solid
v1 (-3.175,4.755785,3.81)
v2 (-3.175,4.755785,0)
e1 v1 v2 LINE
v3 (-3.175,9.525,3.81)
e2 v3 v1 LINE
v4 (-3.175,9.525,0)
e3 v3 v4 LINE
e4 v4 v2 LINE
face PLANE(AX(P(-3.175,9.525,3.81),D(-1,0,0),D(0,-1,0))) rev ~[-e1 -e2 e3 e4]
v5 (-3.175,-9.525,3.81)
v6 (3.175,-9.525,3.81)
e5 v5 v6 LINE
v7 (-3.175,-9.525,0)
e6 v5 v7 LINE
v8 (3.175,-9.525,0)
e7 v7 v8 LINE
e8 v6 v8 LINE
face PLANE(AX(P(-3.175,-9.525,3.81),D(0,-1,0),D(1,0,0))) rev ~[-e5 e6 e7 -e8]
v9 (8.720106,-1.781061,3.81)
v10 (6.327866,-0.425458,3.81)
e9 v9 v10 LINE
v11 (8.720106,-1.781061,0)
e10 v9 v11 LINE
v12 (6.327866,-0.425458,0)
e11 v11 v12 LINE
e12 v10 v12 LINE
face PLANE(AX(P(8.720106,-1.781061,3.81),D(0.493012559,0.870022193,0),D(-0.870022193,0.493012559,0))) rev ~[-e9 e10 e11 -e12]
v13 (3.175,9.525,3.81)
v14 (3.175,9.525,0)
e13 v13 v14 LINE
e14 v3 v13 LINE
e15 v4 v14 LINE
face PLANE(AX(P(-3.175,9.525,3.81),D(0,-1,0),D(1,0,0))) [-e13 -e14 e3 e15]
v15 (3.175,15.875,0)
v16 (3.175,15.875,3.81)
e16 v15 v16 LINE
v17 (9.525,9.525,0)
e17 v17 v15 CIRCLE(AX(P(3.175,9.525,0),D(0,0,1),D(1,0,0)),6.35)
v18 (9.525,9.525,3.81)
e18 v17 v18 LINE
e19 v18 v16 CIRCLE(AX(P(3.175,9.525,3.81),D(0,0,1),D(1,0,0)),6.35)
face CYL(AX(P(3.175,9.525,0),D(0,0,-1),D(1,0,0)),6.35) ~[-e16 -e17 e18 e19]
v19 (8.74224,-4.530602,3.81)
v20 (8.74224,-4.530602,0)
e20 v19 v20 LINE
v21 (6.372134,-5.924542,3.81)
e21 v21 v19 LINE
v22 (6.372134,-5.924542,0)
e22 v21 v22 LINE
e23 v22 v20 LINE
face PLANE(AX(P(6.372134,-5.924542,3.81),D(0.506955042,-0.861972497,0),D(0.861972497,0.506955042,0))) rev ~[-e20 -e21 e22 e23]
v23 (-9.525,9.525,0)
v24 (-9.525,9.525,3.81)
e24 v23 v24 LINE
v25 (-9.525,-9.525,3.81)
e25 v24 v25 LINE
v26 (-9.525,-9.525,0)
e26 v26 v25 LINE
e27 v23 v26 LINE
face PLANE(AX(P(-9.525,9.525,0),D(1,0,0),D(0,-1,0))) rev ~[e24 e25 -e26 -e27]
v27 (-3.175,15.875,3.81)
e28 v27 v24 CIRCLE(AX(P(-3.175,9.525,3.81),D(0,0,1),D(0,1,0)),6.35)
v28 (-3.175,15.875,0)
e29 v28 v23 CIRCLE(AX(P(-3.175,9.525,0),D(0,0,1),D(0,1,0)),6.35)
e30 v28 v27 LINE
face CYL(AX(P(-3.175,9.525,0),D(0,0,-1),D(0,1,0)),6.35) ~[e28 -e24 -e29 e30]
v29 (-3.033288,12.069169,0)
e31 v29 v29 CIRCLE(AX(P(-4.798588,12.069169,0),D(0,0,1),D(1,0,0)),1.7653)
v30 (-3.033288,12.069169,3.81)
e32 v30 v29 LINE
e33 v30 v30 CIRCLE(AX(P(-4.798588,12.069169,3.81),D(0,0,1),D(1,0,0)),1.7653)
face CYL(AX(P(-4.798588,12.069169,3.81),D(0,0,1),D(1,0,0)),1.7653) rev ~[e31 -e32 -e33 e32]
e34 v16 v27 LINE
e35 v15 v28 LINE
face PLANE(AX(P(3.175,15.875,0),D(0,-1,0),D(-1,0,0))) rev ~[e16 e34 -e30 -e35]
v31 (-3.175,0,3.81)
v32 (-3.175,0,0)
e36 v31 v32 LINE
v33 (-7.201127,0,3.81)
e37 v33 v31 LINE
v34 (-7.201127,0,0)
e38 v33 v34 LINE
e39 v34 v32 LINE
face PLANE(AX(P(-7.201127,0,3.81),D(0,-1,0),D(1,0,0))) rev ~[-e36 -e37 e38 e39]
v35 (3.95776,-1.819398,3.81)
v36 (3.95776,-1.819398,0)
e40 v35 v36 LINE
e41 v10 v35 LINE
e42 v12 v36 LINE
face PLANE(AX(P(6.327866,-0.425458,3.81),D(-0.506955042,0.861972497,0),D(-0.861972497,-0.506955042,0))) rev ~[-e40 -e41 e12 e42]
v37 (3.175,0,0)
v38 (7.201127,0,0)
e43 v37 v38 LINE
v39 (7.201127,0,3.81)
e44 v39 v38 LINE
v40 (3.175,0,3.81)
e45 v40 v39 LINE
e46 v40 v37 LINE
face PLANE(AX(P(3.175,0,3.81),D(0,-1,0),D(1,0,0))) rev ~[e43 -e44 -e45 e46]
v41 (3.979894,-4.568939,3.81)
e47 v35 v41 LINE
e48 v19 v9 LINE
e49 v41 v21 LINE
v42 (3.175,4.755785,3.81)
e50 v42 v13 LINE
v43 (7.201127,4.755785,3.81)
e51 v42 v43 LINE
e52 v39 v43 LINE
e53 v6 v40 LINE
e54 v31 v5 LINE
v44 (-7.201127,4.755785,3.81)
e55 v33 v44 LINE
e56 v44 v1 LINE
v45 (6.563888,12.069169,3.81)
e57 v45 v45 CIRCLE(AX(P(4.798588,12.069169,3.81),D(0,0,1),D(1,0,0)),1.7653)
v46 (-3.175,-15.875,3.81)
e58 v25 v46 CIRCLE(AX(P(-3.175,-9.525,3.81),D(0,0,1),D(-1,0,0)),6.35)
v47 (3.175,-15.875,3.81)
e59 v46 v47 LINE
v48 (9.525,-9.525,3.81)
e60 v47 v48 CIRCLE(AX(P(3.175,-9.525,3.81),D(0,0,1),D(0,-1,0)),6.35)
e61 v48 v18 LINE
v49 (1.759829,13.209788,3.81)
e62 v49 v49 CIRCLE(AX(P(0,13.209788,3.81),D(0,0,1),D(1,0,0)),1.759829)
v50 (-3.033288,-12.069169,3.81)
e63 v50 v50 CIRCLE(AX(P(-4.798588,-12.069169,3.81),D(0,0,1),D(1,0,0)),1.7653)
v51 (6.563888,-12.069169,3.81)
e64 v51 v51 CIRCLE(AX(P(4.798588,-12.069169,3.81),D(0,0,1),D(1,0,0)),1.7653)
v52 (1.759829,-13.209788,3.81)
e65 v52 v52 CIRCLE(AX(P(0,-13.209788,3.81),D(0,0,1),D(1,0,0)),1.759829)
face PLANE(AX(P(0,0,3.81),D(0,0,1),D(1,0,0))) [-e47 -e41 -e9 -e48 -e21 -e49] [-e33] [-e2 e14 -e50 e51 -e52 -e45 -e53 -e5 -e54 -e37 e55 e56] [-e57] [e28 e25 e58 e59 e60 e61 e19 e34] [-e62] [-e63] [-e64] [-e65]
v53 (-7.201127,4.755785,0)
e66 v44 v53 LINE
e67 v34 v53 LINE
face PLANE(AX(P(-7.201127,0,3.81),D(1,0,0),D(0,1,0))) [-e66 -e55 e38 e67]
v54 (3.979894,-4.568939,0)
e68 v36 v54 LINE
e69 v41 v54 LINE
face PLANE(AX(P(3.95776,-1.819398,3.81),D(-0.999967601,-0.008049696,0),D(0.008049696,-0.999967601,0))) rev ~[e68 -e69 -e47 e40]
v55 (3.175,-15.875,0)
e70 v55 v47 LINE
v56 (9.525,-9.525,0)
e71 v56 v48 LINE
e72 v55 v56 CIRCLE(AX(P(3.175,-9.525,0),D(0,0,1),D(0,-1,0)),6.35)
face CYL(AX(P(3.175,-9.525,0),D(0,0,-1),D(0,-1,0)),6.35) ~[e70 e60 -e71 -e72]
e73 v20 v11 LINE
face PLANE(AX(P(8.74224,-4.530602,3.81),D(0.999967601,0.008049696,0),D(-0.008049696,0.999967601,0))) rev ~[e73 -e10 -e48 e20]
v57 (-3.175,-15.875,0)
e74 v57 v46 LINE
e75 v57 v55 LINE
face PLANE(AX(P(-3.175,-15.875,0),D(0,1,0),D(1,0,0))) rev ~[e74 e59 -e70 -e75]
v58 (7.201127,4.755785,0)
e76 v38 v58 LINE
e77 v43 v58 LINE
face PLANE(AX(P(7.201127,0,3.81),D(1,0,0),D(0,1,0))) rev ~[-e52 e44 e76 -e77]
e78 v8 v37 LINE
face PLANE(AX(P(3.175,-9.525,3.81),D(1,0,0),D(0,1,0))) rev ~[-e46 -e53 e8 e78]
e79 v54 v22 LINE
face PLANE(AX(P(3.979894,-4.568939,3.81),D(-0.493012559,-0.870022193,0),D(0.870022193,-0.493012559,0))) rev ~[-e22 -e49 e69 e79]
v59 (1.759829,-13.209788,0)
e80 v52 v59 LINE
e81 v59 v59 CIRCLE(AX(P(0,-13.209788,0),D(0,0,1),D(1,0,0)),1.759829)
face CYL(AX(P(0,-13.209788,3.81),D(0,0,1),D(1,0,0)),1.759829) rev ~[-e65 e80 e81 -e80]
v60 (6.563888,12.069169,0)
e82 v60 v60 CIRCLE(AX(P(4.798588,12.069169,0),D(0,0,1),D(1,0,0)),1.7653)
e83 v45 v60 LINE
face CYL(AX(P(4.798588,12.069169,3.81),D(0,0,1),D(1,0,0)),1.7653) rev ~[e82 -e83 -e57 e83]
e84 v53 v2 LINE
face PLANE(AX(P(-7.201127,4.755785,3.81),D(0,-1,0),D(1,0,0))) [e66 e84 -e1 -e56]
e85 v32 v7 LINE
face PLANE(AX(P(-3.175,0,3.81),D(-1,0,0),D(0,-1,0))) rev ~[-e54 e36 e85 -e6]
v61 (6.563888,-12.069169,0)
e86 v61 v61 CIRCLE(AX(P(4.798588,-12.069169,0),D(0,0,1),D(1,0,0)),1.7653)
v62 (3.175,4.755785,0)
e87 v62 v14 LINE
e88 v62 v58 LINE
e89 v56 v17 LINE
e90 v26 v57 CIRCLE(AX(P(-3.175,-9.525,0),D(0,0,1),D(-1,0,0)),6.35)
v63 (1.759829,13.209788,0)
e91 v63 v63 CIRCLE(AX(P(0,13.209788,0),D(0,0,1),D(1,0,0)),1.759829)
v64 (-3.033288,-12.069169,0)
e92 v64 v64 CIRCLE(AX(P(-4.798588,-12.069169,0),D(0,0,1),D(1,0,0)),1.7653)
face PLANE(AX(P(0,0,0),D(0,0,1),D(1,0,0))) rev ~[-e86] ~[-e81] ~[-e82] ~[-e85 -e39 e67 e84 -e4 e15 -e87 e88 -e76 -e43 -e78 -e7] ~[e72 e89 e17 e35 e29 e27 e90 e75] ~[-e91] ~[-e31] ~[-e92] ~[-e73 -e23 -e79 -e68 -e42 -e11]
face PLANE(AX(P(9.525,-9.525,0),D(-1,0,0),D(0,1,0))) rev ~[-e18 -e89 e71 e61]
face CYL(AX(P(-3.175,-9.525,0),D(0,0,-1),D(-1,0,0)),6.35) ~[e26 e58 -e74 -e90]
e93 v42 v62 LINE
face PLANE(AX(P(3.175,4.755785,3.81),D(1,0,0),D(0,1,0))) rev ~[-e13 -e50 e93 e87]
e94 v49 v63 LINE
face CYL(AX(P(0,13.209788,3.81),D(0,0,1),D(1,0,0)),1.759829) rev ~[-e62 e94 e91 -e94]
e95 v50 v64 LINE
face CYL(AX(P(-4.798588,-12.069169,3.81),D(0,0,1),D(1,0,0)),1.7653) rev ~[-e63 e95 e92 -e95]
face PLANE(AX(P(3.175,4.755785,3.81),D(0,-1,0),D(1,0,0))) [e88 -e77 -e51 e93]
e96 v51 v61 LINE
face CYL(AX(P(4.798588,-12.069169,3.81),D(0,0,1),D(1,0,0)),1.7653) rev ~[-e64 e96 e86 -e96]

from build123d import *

# Parameters (mm, degrees)
F1_DEPTH = 3.81
F2_W     = 6.35
F2_H     = 4.7692152426
F2_H_2   = 4.7557847574
F2_H_3   = 9.525
F2_W_2   = 4.0261267766
F3_DEPTH = 25.4
F4_R     = 1.7598288085
F4_R_2   = 1.7653
F5_DEPTH = 25.4
F7_DEPTH = 25.4


with BuildPart() as f1:
    # F0 (on Top) → F1 (new body)
    with BuildSketch(Plane.XY):
        with BuildLine():
            Line((-3.175, -15.875), (3.175, -15.875))
            ThreePointArc((3.175, -15.875), (7.6651280605, -14.0151280605), (9.525, -9.525))
            Line((9.525, -9.525), (9.525, 9.525))
            ThreePointArc((9.525, 9.525), (7.6651280605, 14.0151280605), (3.175, 15.875))
            Line((3.175, 15.875), (-3.175, 15.875))
            ThreePointArc((-3.175, 15.875), (-7.6651280605, 14.0151280605), (-9.525, 9.525))
            Line((-9.525, 9.525), (-9.525, -9.525))
            ThreePointArc((-9.525, -9.525), (-7.6651280605, -14.0151280605), (-3.175, -15.875))
        make_face()
    extrude(amount=F1_DEPTH)

    # F2 (on face) → F3 (cut)
    with BuildSketch(Plane.XY.offset(3.81)):
        with Locations((0, 7.1403923787)):
            Rectangle(F2_W, F2_H)
        with Locations((0, 2.3778923787)):
            Rectangle(F2_W, F2_H_2)
        with Locations((0, -4.7625)):
            Rectangle(F2_W, F2_H_3)
        with Locations((-5.1880633883, 2.3778923787)):
            Rectangle(F2_W_2, F2_H_2)
        with Locations((5.1880633883, 2.3778923787)):
            Rectangle(F2_W_2, F2_H_2)
    extrude(amount=-F3_DEPTH, mode=Mode.SUBTRACT)

    # F4 (on face) → F5 (cut)
    with BuildSketch(Plane.XY.offset(3.81)):
        with Locations((0, 13.2097881287)):
            Circle(F4_R)
        with Locations((4.7985878773, 12.0691694319)):
            Circle(F4_R_2)
        with Locations((-4.7985878773, 12.0691694319)):
            Circle(F4_R_2)
        with Locations((-4.7985878773, -12.0691694319)):
            Circle(F4_R_2)
        with Locations((0, -13.2097881287)):
            Circle(F4_R)
        with Locations((4.7985878773, -12.0691694319)):
            Circle(F4_R_2)
    extrude(amount=-F5_DEPTH, mode=Mode.SUBTRACT)

    # F6 (on face) → F7 (cut)
    with BuildSketch(Plane.XY.offset(3.81)):
        Polygon((6.372133691, -5.9245415708), (8.7422396946, -4.5306024468), (8.7201060036, -1.7810608759), (6.327866309, -0.4254584292), (3.9577603054, -1.8193975532), (3.9798939964, -4.5689391241), align=None)
    extrude(amount=-F7_DEPTH, mode=Mode.SUBTRACT)


solid = f1.part
